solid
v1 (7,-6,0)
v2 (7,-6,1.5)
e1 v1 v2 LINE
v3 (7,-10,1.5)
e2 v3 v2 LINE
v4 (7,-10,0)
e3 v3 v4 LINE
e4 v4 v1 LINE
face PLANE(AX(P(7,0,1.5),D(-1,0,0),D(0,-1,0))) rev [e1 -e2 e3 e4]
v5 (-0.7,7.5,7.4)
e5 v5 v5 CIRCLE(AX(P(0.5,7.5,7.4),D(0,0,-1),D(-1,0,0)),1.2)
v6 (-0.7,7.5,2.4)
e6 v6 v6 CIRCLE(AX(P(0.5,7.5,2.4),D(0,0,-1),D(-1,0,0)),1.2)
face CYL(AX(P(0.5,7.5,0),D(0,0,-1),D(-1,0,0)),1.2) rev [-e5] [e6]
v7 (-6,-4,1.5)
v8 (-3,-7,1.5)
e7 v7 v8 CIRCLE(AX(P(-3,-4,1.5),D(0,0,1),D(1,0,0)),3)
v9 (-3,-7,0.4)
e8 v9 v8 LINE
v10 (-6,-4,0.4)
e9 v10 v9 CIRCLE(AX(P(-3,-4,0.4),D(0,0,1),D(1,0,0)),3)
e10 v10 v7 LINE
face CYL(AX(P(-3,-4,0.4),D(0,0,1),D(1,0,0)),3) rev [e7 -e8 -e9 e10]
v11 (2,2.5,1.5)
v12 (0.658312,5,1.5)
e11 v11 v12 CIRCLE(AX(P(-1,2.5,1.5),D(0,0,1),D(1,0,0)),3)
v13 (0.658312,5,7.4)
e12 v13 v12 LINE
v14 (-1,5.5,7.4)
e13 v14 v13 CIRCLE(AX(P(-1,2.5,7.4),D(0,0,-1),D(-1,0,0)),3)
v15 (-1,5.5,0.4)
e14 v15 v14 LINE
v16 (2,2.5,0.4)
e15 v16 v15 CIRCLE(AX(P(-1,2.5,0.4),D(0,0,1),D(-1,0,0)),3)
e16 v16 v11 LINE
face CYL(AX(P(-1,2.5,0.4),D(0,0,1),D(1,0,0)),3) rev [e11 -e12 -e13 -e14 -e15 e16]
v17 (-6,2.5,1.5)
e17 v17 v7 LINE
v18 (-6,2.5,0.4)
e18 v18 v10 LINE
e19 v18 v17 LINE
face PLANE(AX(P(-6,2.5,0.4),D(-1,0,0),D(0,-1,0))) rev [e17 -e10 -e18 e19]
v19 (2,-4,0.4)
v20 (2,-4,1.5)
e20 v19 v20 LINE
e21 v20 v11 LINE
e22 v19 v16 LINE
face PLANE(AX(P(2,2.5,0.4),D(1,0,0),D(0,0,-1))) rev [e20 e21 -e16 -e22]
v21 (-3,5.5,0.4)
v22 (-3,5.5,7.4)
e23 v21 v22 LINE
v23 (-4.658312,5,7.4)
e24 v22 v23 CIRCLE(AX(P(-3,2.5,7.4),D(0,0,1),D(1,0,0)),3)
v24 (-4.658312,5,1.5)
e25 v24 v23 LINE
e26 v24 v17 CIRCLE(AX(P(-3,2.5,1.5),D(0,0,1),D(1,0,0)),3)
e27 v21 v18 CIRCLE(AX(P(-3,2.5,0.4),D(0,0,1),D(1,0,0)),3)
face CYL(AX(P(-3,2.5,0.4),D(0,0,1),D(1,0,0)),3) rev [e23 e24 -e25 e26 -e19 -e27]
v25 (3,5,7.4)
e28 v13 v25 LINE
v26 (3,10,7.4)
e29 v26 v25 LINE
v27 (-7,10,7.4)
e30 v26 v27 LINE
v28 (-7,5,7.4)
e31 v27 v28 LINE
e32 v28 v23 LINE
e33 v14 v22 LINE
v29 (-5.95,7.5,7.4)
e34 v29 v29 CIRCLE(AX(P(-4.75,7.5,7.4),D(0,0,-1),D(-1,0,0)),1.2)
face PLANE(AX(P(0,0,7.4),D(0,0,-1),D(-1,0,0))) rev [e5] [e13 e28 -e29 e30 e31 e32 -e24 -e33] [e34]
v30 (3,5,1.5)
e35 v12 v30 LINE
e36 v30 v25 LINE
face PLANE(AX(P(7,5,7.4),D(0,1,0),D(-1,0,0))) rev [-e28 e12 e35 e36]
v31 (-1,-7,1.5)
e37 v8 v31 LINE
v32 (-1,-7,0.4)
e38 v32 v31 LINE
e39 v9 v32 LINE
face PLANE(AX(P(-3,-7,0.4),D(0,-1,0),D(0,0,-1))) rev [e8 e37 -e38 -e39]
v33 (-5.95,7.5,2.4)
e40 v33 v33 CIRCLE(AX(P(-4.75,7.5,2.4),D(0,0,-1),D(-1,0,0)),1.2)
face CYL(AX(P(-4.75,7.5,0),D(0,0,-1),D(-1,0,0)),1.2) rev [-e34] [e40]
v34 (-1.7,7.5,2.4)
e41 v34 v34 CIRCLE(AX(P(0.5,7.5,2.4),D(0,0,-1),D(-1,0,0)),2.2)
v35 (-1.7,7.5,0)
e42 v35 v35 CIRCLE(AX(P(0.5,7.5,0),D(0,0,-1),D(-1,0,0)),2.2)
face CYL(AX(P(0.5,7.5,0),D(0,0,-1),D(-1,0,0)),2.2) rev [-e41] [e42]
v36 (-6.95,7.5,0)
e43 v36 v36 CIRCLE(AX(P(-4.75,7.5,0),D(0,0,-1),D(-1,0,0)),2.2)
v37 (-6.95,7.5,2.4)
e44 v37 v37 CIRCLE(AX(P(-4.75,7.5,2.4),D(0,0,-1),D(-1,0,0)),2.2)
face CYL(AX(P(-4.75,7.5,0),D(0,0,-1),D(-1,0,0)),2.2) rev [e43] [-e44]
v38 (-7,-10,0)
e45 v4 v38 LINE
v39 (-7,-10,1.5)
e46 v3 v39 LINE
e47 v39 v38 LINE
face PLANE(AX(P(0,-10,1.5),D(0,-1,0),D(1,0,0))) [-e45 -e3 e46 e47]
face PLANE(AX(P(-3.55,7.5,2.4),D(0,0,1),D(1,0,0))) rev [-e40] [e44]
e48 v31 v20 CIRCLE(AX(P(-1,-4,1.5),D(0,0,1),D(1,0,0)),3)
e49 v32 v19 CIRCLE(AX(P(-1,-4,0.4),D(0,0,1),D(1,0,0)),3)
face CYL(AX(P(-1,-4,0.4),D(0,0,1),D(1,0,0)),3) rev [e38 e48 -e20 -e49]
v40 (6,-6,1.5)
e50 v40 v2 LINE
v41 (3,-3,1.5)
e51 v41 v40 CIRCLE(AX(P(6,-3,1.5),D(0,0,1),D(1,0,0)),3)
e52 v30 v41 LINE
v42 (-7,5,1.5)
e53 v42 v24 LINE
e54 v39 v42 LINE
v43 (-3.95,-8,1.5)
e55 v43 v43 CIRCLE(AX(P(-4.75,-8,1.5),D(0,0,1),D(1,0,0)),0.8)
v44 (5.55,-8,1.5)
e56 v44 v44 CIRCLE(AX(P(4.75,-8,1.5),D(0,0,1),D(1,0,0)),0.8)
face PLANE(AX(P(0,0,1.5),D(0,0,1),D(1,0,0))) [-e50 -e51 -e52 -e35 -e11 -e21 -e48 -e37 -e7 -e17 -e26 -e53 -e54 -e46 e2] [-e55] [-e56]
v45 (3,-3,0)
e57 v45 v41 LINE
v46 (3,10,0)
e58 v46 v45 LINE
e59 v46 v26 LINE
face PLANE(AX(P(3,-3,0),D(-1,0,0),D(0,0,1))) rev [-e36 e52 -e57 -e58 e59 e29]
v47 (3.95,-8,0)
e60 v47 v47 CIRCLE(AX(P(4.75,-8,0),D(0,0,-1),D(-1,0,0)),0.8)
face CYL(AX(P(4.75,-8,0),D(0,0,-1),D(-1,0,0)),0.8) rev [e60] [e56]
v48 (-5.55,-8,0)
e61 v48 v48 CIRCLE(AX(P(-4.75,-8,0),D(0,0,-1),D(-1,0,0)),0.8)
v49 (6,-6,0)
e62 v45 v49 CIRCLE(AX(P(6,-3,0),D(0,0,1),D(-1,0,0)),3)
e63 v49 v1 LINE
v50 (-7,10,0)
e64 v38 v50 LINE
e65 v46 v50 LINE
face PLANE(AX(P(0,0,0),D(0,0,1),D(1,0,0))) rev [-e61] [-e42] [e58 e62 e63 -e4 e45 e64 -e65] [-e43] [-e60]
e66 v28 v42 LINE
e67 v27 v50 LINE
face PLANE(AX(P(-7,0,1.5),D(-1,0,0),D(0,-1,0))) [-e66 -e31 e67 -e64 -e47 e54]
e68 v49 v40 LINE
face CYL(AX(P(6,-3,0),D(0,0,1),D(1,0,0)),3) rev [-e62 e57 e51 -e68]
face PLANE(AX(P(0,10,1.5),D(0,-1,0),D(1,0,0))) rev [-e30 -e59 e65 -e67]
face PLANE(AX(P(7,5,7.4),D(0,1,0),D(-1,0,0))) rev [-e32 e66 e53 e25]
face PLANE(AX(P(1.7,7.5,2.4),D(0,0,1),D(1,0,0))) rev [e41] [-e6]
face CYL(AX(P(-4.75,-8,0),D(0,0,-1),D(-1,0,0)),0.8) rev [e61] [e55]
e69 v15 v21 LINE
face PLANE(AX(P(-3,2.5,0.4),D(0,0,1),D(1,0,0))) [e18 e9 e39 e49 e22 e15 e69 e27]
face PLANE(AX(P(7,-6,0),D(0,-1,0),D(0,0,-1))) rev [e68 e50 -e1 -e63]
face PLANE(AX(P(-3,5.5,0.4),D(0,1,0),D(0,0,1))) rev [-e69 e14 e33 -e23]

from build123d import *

# Parameters (mm, degrees)
SKETCH1_W                                           = 14
SKETCH1_H                                           = 20
BOSS_EXTRUDE1_DEPTH                                 = 1.5
SKETCH2_W                                           = 14
SKETCH2_H                                           = 5
BOSS_EXTRUDE2_DEPTH                                 = 5.9
M2_TAPPED_HOLE1_D                                   = 1.6
M2_TAPPED_HOLE1_DEPTH                               = 6
M2_TAPPED_HOLE1_TIP                                 = 0.480688495
CUT_EXTRUDE6_DEPTH                                  = 15.274452704
CBORE_FOR_M2_HEX_SOCKET_HEAD_CAP_SCREW1_D           = 2.4
CBORE_FOR_M2_HEX_SOCKET_HEAD_CAP_SCREW1_DEPTH       = 7.5
CBORE_FOR_M2_HEX_SOCKET_HEAD_CAP_SCREW1_CBORE_D     = 4.4
CBORE_FOR_M2_HEX_SOCKET_HEAD_CAP_SCREW1_CBORE_DEPTH = 2.4
CBORE_FOR_M2_HEX_SOCKET_HEAD_CAP_SCREW1_TIP         = 0.721032743
CUT_EXTRUDE7_DEPTH                                  = 7


with BuildPart() as part:
    # Sketch1 → Boss-Extrude1 (new body)
    with BuildSketch(Plane.XY):
        Rectangle(SKETCH1_W, SKETCH1_H)
    extrude(amount=BOSS_EXTRUDE1_DEPTH)

    # Sketch2 → Boss-Extrude2 (add)
    with BuildSketch(Plane.XY.offset(1.5)):
        with Locations((0, 7.5)):
            Rectangle(SKETCH2_W, SKETCH2_H)
    extrude(amount=BOSS_EXTRUDE2_DEPTH)

    # M2 Tapped Hole1
    with Locations(Plane(origin=(-4.75, -8, 0), x_dir=(-1, 0, 0), z_dir=(0, 0, -1))):
        with Locations((0, 0), (-9.5, 0)):
            Hole(M2_TAPPED_HOLE1_D / 2, depth=M2_TAPPED_HOLE1_DEPTH)
            with Locations((0, 0, -(M2_TAPPED_HOLE1_DEPTH + M2_TAPPED_HOLE1_TIP / 2))):  # 118° drill point
                Cone(0, M2_TAPPED_HOLE1_D / 2, M2_TAPPED_HOLE1_TIP, mode=Mode.SUBTRACT)

    # Sketch11 → Cut-Extrude6 (cut, through all)
    with BuildSketch(Plane.XY.offset(7.4)):
        with BuildLine():
            Line((7, -6), (6, -6))
            ThreePointArc((6, -6), (3.878679656, -5.121320344), (3, -3))
            Line((3, -3), (3, 10))
            Line((3, 10), (7, 10))
            Line((7, 10), (7, -6))
        make_face()
    extrude(amount=-CUT_EXTRUDE6_DEPTH, mode=Mode.SUBTRACT)

    # CBORE for M2 Hex Socket Head Cap Screw1
    with Locations(Plane(origin=(-4.75, 7.5, 0), x_dir=(-1, 0, 0), z_dir=(0, 0, -1))):
        with Locations((0, 0), (-5.25, 0)):
            CounterBoreHole(CBORE_FOR_M2_HEX_SOCKET_HEAD_CAP_SCREW1_D / 2, CBORE_FOR_M2_HEX_SOCKET_HEAD_CAP_SCREW1_CBORE_D / 2, CBORE_FOR_M2_HEX_SOCKET_HEAD_CAP_SCREW1_CBORE_DEPTH, depth=CBORE_FOR_M2_HEX_SOCKET_HEAD_CAP_SCREW1_DEPTH)
            with Locations((0, 0, -(CBORE_FOR_M2_HEX_SOCKET_HEAD_CAP_SCREW1_DEPTH + CBORE_FOR_M2_HEX_SOCKET_HEAD_CAP_SCREW1_TIP / 2))):  # 118° drill point
                Cone(0, CBORE_FOR_M2_HEX_SOCKET_HEAD_CAP_SCREW1_D / 2, CBORE_FOR_M2_HEX_SOCKET_HEAD_CAP_SCREW1_TIP, mode=Mode.SUBTRACT)

    # Sketch14 → Cut-Extrude7 (cut)
    with BuildSketch(Plane.XY.offset(7.4)):
        with BuildLine():
            Line((-3, 5.5), (-1, 5.5))
            ThreePointArc((-1, 5.5), (1.121320344, 4.621320344), (2, 2.5))
            Line((2, 2.5), (2, -4))
            ThreePointArc((2, -4), (1.121320344, -6.121320344), (-1, -7))
            Line((-1, -7), (-3, -7))
            ThreePointArc((-3, -7), (-5.121320344, -6.121320344), (-6, -4))
            Line((-6, -4), (-6, 2.5))
            ThreePointArc((-6, 2.5), (-5.121320344, 4.621320344), (-3, 5.5))
        make_face()
    extrude(amount=-CUT_EXTRUDE7_DEPTH, mode=Mode.SUBTRACT)


solid = part.part
